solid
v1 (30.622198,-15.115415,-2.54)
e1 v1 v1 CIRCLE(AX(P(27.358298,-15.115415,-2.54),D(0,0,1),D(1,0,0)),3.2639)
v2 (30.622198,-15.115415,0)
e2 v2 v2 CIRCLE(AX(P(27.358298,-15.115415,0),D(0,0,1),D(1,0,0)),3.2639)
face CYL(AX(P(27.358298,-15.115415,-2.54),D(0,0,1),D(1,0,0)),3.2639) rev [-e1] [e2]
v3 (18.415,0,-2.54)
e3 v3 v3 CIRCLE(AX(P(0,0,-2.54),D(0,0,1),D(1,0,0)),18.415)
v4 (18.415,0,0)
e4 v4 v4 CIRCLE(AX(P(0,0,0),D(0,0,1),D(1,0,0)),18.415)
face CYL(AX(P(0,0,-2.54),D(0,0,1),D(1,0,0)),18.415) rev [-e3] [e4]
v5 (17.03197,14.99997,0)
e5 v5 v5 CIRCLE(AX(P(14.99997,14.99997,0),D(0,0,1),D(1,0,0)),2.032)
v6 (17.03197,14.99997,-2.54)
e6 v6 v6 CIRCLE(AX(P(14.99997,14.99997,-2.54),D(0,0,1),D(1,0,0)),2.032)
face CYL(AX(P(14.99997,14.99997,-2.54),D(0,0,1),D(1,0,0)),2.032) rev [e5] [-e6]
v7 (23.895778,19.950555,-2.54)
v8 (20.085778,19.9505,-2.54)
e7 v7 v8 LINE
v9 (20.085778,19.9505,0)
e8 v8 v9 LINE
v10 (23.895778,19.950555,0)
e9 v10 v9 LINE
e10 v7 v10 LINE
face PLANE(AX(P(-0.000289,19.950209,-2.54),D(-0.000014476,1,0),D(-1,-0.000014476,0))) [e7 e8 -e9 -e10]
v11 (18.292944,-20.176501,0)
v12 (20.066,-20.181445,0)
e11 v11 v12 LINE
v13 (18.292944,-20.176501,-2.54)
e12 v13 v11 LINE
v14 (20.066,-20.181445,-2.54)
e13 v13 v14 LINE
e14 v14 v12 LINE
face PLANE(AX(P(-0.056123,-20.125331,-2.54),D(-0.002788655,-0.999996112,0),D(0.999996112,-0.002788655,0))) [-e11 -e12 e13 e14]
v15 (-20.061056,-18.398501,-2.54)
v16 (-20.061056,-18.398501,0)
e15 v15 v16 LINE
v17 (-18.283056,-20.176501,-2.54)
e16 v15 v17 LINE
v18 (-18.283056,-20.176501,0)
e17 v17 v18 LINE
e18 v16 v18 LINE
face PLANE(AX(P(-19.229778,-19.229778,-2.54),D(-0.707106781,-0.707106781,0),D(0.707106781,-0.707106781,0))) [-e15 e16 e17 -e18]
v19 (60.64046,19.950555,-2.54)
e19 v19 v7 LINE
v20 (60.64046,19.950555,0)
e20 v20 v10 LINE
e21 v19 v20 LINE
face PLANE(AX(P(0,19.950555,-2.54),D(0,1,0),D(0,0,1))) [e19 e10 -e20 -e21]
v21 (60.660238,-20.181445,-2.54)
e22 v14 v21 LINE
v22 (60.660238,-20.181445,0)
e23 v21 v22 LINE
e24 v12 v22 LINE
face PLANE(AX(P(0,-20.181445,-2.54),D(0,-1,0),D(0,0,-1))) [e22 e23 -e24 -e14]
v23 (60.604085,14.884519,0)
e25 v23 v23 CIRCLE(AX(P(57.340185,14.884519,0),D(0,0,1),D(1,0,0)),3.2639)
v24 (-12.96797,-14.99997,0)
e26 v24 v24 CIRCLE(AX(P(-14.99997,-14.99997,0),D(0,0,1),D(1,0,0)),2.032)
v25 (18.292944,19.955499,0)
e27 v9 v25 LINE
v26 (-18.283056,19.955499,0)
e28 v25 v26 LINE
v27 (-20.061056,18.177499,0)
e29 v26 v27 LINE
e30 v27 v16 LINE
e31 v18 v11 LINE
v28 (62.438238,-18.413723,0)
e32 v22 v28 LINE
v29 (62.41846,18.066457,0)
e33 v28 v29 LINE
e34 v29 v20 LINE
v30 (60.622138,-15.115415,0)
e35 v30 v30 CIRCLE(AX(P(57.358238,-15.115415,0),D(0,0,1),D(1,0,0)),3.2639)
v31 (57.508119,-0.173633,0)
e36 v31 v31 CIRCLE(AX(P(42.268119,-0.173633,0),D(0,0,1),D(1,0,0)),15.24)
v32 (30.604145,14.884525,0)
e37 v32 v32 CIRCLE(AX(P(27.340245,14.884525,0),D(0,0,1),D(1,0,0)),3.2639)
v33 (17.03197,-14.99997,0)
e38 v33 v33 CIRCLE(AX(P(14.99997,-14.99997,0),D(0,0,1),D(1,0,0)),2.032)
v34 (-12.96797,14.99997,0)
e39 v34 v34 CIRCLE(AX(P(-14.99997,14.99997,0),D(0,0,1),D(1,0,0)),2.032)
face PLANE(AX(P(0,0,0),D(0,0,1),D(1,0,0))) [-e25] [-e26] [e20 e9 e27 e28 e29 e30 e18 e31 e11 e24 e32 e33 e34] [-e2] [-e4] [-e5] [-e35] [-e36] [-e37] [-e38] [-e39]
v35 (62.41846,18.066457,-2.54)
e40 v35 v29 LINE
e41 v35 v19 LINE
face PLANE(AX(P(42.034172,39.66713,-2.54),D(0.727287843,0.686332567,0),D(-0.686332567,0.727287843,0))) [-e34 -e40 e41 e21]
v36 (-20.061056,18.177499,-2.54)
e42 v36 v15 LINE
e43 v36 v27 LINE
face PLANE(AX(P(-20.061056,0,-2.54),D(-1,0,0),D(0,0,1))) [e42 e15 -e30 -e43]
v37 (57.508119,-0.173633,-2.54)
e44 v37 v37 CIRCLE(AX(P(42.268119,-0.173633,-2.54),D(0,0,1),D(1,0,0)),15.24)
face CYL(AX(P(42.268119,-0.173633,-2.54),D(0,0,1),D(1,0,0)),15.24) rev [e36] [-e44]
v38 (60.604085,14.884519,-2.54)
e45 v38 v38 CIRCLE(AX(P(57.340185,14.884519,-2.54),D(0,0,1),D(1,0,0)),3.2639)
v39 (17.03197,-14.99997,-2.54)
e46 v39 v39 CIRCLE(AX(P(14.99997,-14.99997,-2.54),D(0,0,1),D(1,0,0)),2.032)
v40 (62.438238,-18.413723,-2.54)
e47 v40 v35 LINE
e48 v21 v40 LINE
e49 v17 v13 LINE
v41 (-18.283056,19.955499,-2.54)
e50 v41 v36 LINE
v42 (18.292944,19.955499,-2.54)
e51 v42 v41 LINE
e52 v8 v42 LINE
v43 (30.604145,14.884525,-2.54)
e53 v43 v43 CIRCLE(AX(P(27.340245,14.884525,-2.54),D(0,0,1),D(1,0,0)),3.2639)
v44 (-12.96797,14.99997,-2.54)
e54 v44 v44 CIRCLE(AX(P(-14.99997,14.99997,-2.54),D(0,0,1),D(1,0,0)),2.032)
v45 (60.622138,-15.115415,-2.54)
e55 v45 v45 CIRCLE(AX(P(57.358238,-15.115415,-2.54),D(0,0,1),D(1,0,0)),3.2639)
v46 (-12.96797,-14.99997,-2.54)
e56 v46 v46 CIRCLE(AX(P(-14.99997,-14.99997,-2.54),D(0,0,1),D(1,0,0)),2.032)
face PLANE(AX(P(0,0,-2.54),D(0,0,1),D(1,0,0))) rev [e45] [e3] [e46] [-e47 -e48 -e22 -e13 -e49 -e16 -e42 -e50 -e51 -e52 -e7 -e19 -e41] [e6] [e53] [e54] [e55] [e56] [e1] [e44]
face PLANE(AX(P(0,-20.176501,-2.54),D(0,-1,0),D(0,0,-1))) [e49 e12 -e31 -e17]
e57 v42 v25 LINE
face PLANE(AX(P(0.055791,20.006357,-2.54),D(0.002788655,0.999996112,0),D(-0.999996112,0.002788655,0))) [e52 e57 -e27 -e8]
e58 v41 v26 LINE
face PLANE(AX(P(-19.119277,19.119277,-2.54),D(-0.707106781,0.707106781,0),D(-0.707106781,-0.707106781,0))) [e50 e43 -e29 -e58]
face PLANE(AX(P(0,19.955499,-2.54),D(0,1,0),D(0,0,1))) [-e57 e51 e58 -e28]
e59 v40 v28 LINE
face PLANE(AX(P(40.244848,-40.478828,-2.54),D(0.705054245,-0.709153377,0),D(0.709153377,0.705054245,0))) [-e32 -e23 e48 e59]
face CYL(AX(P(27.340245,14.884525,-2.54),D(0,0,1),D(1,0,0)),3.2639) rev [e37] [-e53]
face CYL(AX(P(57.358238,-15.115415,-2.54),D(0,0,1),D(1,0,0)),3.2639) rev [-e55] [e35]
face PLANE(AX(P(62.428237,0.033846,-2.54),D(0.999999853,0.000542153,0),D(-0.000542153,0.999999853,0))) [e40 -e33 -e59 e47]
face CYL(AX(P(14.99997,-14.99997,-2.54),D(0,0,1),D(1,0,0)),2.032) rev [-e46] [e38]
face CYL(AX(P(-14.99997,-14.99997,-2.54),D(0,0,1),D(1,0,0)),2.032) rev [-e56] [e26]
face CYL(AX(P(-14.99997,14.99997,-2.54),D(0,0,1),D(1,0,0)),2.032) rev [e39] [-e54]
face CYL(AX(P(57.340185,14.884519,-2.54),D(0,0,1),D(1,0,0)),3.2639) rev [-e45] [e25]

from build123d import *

# Parameters (mm, degrees)
MODEL_R             = 2.032
MODEL_R_2           = 3.2639
MODEL_R_3           = 15.24
MODEL_R_4           = 18.415
BOSS_EXTRUDE1_DEPTH = 2.54


with BuildPart() as part:
    # Model → Boss-Extrude1 (new body)
    with BuildSketch(Plane.XY):
        Polygon((23.89577784, 19.950554749), (20.085777841, 19.950499596), (18.29294446, 19.955499209), (-18.28305554, 19.955499209), (-20.06105554, 18.177499209), (-20.06105554, -18.398500791), (-18.28305554, -20.176500791), (18.29294446, -20.176500791), (20.066, -20.181445251), (23.876, -20.181445251), (60.660238165, -20.181445251), (62.438238165, -18.413722656), (62.418460324, 18.066456797), (60.640460324, 19.950554749), align=None)
        with Locations((-14.99997, -14.99997)):
            Circle(MODEL_R, mode=Mode.SUBTRACT)
        with Locations((14.99997, -14.99997)):
            Circle(MODEL_R, mode=Mode.SUBTRACT)
        with Locations((27.358298165, -15.115415251)):
            Circle(MODEL_R_2, mode=Mode.SUBTRACT)
        with Locations((57.358238165, -15.115415251)):
            Circle(MODEL_R_2, mode=Mode.SUBTRACT)
        with Locations((42.268119082, -0.17363293)):
            Circle(MODEL_R_3, mode=Mode.SUBTRACT)
        Circle(MODEL_R_4, mode=Mode.SUBTRACT)
        with Locations((-14.99997, 14.99997)):
            Circle(MODEL_R, mode=Mode.SUBTRACT)
        with Locations((14.99997, 14.99997)):
            Circle(MODEL_R, mode=Mode.SUBTRACT)
        with Locations((27.340244675, 14.884524749)):
            Circle(MODEL_R_2, mode=Mode.SUBTRACT)
        with Locations((57.340184675, 14.884519317)):
            Circle(MODEL_R_2, mode=Mode.SUBTRACT)
    extrude(amount=-BOSS_EXTRUDE1_DEPTH)


solid = part.part
